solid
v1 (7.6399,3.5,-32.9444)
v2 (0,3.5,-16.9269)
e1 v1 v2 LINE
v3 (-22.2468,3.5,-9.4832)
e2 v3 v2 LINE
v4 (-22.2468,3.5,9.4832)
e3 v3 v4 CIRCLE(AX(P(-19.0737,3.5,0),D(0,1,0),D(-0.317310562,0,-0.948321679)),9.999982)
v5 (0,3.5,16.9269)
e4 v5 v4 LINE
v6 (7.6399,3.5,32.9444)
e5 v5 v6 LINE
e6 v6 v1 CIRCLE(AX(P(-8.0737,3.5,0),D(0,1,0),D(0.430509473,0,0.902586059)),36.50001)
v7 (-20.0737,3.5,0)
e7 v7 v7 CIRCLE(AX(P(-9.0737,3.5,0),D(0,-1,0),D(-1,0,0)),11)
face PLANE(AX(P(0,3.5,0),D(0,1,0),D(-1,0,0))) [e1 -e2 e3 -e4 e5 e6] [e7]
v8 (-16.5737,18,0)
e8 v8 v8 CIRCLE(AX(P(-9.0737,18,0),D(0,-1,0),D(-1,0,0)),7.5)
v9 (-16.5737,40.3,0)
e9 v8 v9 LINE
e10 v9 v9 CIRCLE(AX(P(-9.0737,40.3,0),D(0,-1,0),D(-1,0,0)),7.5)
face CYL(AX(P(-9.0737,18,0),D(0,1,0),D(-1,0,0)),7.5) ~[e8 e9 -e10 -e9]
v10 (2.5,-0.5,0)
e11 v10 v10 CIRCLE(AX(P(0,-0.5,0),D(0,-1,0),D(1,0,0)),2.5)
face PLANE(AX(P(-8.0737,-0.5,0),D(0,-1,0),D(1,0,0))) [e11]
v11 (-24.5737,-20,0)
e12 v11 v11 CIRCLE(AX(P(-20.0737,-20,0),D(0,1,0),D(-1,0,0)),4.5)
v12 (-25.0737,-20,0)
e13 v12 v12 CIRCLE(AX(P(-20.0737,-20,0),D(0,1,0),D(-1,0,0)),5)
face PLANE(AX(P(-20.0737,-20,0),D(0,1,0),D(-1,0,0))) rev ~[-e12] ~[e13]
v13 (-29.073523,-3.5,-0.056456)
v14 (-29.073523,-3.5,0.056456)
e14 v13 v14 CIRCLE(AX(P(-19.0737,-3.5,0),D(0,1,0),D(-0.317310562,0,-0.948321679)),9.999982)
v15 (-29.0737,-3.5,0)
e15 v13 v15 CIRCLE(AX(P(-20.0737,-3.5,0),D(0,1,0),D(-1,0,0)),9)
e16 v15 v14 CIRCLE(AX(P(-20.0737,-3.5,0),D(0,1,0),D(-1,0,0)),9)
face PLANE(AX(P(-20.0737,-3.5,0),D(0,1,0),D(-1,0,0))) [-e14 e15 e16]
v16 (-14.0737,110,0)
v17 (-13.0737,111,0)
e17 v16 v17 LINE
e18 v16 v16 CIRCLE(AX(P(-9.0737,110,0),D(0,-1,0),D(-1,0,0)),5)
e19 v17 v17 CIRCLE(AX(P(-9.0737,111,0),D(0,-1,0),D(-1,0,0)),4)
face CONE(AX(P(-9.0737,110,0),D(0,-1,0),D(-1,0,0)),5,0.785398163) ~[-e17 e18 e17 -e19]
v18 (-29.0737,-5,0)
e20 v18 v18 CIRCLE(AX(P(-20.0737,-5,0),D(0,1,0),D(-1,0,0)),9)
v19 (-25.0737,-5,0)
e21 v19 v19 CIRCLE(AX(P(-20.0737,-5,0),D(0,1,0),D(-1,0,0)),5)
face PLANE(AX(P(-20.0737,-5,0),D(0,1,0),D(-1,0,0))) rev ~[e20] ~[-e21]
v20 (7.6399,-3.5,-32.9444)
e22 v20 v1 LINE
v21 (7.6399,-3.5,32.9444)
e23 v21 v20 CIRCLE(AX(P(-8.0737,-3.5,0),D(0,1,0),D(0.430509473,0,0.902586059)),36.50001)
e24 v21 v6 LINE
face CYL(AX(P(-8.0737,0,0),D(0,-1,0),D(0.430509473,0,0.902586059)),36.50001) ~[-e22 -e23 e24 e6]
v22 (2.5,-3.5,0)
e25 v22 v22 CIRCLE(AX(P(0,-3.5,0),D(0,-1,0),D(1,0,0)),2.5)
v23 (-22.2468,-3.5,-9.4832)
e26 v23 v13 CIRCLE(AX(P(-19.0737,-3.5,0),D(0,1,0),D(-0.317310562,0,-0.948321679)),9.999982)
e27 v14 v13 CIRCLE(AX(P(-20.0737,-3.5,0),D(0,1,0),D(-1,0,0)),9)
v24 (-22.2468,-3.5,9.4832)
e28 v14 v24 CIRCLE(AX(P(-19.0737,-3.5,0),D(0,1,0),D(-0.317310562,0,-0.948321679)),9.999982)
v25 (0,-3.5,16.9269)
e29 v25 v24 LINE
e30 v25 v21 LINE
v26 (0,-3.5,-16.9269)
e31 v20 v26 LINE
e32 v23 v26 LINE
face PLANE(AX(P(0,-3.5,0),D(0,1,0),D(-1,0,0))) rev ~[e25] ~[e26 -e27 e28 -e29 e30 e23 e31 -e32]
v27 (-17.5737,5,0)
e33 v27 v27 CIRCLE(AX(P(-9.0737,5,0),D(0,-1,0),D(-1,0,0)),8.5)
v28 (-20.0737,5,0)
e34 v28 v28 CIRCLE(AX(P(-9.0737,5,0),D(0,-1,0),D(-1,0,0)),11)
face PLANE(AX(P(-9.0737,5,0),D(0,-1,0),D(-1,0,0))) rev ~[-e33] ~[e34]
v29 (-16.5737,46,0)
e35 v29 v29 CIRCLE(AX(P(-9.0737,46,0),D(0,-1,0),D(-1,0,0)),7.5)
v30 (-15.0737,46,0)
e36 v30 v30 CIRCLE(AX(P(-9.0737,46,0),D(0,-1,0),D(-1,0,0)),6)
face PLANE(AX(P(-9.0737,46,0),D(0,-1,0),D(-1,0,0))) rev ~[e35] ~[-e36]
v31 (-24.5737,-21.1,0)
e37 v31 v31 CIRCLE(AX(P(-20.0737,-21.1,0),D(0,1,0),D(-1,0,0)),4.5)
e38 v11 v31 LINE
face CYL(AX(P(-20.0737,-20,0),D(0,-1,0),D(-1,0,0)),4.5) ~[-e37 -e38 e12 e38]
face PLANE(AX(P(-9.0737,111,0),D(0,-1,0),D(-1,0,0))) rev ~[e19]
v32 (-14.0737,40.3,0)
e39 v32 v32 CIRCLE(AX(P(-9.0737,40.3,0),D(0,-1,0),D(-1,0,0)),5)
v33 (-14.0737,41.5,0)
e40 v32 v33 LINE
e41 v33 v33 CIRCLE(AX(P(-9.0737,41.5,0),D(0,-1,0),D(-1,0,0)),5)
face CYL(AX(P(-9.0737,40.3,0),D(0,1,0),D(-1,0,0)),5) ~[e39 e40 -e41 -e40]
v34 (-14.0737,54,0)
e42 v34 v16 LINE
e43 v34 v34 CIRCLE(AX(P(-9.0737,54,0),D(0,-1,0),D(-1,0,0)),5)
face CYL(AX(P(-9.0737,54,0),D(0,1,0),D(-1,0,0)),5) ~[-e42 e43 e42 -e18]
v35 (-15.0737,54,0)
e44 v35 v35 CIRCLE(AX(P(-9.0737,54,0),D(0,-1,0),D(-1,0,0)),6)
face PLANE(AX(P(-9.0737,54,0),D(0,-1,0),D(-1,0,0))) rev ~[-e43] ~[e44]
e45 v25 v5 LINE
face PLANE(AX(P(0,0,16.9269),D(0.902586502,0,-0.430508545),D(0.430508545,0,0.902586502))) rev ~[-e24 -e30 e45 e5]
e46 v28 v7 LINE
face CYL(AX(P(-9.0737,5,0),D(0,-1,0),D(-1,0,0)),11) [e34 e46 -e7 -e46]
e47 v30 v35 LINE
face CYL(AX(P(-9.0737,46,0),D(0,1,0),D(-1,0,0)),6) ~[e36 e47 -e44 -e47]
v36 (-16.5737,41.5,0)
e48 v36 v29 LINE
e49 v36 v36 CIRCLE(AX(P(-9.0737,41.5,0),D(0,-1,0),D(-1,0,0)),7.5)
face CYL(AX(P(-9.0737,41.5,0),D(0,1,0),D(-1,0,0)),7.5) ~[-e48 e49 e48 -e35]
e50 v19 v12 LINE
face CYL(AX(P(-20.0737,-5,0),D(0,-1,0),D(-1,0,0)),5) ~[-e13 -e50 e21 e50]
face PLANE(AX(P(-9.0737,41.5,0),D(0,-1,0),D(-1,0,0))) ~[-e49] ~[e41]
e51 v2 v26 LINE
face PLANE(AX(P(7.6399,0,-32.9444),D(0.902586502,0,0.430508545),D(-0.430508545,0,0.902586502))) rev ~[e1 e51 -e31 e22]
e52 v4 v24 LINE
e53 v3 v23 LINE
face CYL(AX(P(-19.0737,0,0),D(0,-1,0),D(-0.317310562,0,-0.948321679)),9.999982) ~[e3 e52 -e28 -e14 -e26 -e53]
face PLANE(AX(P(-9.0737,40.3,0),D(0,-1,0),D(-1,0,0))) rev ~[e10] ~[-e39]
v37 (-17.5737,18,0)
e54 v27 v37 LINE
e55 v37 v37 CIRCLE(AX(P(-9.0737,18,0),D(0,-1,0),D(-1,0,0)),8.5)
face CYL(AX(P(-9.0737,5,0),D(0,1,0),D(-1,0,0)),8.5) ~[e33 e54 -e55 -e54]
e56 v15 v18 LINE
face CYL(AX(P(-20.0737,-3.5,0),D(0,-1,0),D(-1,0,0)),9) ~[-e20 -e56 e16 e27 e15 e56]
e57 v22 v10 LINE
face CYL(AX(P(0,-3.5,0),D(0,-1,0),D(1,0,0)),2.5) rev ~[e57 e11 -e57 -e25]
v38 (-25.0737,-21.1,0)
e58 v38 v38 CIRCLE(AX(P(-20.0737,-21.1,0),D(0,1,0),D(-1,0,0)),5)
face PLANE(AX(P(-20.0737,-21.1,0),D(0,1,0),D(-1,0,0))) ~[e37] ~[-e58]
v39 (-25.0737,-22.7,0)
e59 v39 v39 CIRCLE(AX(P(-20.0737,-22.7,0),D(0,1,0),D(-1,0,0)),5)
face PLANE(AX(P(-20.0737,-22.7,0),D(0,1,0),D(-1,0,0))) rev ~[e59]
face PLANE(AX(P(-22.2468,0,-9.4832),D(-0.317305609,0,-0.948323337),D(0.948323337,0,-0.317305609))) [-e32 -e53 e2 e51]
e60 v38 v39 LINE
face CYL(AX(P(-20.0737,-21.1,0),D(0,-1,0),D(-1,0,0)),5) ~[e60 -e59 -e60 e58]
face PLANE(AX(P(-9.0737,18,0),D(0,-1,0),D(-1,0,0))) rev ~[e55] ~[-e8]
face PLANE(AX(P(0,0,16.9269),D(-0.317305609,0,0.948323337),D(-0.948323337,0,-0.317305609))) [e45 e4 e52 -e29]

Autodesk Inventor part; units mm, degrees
ref_plane "YZ Plane" through (0, 0, 0) normal (1, 0, 0) x (0, 1, 0)
sketch "Skizze1" plane through (0, 0, 0) normal (0, 1, 0) x (-1, 0, 0)
  line L0 (0, 16.9269) -> (22.2468, 9.4832)
  arc A0 (22.2468, -9.4832) -> (22.2468, 9.4832) centre (19.0737, 0) ccw
  line L1 (22.2468, -9.4832) -> (0, -16.9269)
  line L2 (0, 0) -> (24.8397, 0) construction
  line L3 (0, 16.9269) -> (-7.6399, 32.9444)
  arc A1 (-7.6399, 32.9444) -> (-7.6399, -32.9444) centre (8.0737, 0) ccw
  line L4 (-7.6399, -32.9444) -> (0, -16.9269)
  dimension "d0" = 37
  dimension "d2" = 129
  dimension "d3" = 36.5
  dimension "d5" = 10
  dimension "d53" = 11
extrude "Extrusion1" add sketch "Skizze1" along normal mid plane 7
ref_plane "Arbeitsebene1" through (0, 0, 0) normal (0, 0, 1) x (1, 0, 0)
sketch "Skizze5" plane through (0, 0, 0) normal (0, 0, 1) x (1, 0, 0)
  line L0 (-22.2468, -3.5) -> (0, -3.5) projected
  line L1 (-29.0737, -3.5) -> (-22.2468, -3.5) projected
  line L2 (-29.0737, -3.5) -> (-29.0737, 3.5) projected
  line L3 (-29.0737, -3.5) -> (-29.0737, -5)
  line L4 (-29.0737, -5) -> (-25.0737, -5)
  line L5 (-25.0737, -5) -> (-25.0737, -20)
  line L6 (-25.0737, -20) -> (-24.5737, -20)
  line L7 (-24.5737, -20) -> (-24.5737, -21.1)
  line L8 (-24.5737, -21.1) -> (-25.0737, -21.1)
  line L9 (-25.0737, -21.1) -> (-25.0737, -22.7)
  line L10 (-25.0737, -22.7) -> (-20.0737, -22.7)
  line L11 (-20.0737, -22.7) -> (-20.0737, -3.5)
  point P0 (0, 0)
  point P1 (-24.8237, -20)
  dimension "d32" = 9
  dimension "d33" = 1.5
  dimension "d35" = 1.1
  dimension "d36" = 15
  dimension "d37" = 10
  dimension "d38" = 9
  dimension "d39" = 18
  dimension "d41" = 2.7
revolve "Umdrehung2" add sketch "Skizze5" angle 360 about axis through (-20.0737, -22.7, 0) along (0, 1, 0)
sketch "Skizze3" plane through (0, 0, 0) normal (0, 0, 1) x (1, 0, 0)
  line L0 (0, 3.5) -> (-22.2468, 3.5) projected
  line L1 (-22.2468, 3.5) -> (-29.0737, 3.5) projected
  line L2 (-29.0737, -3.5) -> (-29.0737, 3.5) projected
  line L3 (-20.0737, 5) -> (-17.5737, 5)
  line L4 (-17.5737, 5) -> (-17.5737, 18)
  line L5 (-17.5737, 18) -> (-16.5737, 18)
  line L6 (-16.5737, 18) -> (-16.5737, 40.3)
  line L7 (-16.5737, 40.3) -> (-14.0737, 40.3)
  line L8 (-14.0737, 40.3) -> (-14.0737, 41.5)
  line L9 (-14.0737, 41.5) -> (-16.5737, 41.5)
  line L10 (-16.5737, 41.5) -> (-16.5737, 46)
  line L11 (-16.5737, 46) -> (-15.0737, 46)
  line L12 (-15.0737, 46) -> (-15.0737, 54)
  line L13 (-15.0737, 54) -> (-14.0737, 54)
  line L14 (-14.0737, 54) -> (-14.0737, 111)
  line L15 (-14.0737, 111) -> (-9.0737, 111)
  line L16 (-9.0737, 111) -> (-9.0737, 3.5)
  line L17 (-20.0737, 5) -> (-20.0737, 3.5)
  line L18 (-11.0737, -5) -> (-29.0737, -5) construction
  line L19 (-11.0737, -5) -> (-11.0737, -3.5) construction
  line L20 (-29.0737, -5) -> (-29.0737, -3.5) construction
  line L21 (-25.0737, -20) -> (-25.0737, -5) construction
  line L22 (-15.0737, -20) -> (-15.0737, -5) construction
  line L23 (-15.0737, -22.7) -> (-25.0737, -22.7) construction
  point P0 (-15.8237, 46)
  point P1 (-9.0737, 3.5)
  point P2 (-20.0737, -5)
  dimension "d13" = 10
  dimension "d14" = 12
  dimension "d15" = 15
  dimension "d16" = 17
  dimension "d18" = 22
  dimension "d20" = 1.5
  dimension "d21" = 1.2
  dimension "d22" = 4.5
  dimension "d44" = 13
  dimension "d45" = 8
  dimension "d46" = 57
  dimension "d47" = 28
  dimension "d48" = 106
revolve "Umdrehung1" add sketch "Skizze3" angle 360 about axis through (-9.0737, 111, 0) along (0, -1, 0)
thread "Gewinde1" size "M10x1.5" class "6g" standard "ISO Metric profile" length 28
chamfer "Fasen1" distance 1 angle 45 1 edges at (-4.0737, 111, 0)
ref_plane "Work Plane3" through (0, 0, 8.5) normal (0, 0, 1) x (1, 0, 0)
sketch "Sketch8" plane through (-8.0737, -3.5, 0) normal (0, -1, 0) x (1, 0, 0)
  circle A0 centre (8.0737, 0) radius 2.5
  dimension "d54" = 5
extrude "Extrusion2" cut sketch "Sketch8" against normal blind 3
properties part number "Welle" material "Stahl, galvanisiert"
